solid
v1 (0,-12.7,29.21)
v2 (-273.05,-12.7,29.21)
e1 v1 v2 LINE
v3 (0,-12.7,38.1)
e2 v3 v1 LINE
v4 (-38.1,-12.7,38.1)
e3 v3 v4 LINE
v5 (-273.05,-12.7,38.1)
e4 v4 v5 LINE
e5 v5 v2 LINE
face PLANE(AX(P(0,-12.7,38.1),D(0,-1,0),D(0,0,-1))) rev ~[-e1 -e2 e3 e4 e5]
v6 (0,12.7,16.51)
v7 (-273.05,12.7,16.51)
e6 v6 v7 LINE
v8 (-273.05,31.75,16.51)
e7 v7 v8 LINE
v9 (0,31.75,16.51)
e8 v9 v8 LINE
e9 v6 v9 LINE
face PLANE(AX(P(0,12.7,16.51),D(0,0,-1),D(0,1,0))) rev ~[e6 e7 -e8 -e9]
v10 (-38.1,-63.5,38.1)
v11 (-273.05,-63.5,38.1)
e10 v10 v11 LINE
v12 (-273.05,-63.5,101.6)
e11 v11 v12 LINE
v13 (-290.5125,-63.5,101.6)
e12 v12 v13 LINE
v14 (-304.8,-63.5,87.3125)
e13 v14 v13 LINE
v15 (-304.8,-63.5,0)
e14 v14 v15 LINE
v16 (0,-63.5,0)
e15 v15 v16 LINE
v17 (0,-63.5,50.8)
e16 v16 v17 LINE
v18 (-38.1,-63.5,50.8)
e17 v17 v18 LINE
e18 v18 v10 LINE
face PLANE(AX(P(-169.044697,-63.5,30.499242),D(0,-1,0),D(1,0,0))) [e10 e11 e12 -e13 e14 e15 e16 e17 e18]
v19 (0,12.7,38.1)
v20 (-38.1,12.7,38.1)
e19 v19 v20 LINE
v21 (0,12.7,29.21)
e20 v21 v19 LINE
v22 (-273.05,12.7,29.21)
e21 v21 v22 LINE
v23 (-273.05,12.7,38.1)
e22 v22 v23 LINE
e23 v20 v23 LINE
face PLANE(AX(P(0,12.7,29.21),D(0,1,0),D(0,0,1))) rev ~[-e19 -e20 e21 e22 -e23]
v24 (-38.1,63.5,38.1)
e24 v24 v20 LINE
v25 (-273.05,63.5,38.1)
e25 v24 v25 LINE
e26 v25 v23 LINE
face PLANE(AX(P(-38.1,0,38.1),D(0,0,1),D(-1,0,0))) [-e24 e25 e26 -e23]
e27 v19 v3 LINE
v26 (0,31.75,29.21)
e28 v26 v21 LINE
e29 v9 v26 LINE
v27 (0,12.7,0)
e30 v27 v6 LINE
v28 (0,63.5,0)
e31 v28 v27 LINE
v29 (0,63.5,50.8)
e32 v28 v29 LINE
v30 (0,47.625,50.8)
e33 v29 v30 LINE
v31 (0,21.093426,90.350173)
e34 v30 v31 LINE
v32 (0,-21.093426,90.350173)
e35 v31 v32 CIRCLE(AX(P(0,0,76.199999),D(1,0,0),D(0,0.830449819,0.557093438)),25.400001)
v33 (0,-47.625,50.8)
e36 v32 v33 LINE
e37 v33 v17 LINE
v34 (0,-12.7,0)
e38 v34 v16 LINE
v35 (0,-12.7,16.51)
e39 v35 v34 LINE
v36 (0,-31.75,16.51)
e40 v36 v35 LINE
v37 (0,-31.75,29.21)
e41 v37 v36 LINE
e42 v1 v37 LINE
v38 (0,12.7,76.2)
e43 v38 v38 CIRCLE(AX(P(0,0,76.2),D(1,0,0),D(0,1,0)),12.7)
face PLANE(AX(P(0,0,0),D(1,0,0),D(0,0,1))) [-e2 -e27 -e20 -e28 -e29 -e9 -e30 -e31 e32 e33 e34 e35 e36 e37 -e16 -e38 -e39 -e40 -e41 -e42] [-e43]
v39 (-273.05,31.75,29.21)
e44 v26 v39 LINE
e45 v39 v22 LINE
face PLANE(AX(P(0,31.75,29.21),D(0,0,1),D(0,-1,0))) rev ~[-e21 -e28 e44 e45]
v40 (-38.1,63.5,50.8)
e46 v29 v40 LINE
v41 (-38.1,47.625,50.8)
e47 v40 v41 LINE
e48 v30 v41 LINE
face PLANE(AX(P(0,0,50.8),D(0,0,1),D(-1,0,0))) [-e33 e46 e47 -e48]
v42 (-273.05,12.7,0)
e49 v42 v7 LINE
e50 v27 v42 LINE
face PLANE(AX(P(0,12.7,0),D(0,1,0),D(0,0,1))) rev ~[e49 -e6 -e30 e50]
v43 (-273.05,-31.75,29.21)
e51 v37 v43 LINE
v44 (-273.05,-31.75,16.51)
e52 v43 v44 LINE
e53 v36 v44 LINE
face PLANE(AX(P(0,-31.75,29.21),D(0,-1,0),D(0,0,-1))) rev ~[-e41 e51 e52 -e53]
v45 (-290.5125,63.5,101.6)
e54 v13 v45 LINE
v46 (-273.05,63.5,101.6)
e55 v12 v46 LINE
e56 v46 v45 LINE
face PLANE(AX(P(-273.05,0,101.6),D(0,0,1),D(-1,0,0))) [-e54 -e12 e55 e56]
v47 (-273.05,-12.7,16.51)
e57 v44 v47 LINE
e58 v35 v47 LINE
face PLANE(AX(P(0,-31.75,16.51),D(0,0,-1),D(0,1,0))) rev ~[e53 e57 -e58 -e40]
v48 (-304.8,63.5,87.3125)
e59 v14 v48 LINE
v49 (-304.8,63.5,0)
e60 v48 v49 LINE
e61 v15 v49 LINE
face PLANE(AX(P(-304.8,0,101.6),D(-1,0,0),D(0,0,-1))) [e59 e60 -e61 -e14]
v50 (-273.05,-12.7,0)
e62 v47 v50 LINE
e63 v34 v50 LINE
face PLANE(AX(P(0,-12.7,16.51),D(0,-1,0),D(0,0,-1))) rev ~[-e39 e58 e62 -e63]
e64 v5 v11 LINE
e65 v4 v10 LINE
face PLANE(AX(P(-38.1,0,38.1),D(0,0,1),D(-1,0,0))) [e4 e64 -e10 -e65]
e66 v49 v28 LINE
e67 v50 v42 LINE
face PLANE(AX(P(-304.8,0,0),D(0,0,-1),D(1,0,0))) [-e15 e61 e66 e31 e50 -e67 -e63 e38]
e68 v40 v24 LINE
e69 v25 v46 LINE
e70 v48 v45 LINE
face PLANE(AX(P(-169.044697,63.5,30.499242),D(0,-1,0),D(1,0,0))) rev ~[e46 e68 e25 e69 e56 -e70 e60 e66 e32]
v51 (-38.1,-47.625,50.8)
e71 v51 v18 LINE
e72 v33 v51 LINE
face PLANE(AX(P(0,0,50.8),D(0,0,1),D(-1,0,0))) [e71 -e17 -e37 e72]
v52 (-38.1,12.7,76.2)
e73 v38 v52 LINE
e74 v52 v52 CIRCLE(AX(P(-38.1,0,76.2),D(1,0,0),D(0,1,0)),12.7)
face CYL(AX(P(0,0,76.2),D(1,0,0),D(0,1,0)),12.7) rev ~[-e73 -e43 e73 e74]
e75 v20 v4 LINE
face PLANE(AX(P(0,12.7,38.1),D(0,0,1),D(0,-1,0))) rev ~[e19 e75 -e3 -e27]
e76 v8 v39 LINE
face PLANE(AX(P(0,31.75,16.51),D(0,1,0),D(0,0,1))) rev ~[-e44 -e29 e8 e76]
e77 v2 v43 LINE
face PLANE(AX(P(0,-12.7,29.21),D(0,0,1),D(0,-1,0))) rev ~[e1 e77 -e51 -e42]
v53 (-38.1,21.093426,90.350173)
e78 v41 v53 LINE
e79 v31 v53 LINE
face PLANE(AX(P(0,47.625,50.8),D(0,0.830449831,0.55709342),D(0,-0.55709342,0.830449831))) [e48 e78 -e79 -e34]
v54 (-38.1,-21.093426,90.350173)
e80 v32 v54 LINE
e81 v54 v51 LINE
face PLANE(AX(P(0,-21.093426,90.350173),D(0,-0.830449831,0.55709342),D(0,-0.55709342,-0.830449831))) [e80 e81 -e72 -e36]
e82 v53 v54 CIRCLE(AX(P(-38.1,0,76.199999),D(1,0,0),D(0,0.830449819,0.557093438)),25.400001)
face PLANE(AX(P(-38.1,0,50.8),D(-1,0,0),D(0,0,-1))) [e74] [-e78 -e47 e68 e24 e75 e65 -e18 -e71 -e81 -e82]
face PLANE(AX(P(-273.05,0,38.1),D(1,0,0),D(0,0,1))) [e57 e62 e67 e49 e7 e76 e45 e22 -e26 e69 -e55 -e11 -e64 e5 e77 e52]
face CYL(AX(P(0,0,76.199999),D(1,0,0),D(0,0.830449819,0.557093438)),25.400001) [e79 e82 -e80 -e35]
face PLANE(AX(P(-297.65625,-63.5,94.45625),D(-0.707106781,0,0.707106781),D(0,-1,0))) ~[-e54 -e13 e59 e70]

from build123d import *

# Parameters (mm, degrees)
F1_DEPTH = 63.5
F2_SIZE  = 14.2875
F3_R     = 12.7
F4_DEPTH = 38.1
F5_DEPTH = 273.05


with BuildPart() as f1:
    # F0 (on Front) → F1 (new body, symmetric)
    with BuildSketch(Plane.XZ):
        Polygon((-304.8, 0), (0, 0), (0, 50.8), (-38.1, 50.8), (-38.1, 38.1), (-273.05, 38.1), (-273.05, 101.6), (-304.8, 101.6), align=None)
    extrude(amount=F1_DEPTH, both=True)

    # F2
    f2_edges = [f1.edges().sort_by_distance(p)[0] for p in [
        (-304.8, 0, 101.6),
    ]]
    chamfer(f2_edges, length=F2_SIZE)

    # F3 (on Right) → F4 (join)
    with BuildSketch(Plane.YZ):
        with BuildLine():
            Line((-21.093426, 90.350173), (-47.625, 50.8))
            Line((-47.625, 50.8), (47.625, 50.8))
            Line((47.625, 50.8), (21.093426, 90.350173))
            ThreePointArc((21.093426, 90.350173), (0, 101.6), (-21.093426, 90.350173))
        make_face()
        with Locations((0, 76.2)):
            Circle(F3_R, mode=Mode.SUBTRACT)
    extrude(amount=-F4_DEPTH)

    # F3 (on Right) → F5 (cut)
    with BuildSketch(Plane.YZ):
        Polygon((-12.7, 16.51), (-12.7, 0), (12.7, 0), (12.7, 16.51), (31.75, 16.51), (31.75, 29.21), (12.7, 29.21), (12.7, 38.1), (-12.7, 38.1), (-12.7, 29.21), (-31.75, 29.21), (-31.75, 16.51), align=None)
    extrude(amount=-F5_DEPTH, mode=Mode.SUBTRACT)


solid = f1.part
